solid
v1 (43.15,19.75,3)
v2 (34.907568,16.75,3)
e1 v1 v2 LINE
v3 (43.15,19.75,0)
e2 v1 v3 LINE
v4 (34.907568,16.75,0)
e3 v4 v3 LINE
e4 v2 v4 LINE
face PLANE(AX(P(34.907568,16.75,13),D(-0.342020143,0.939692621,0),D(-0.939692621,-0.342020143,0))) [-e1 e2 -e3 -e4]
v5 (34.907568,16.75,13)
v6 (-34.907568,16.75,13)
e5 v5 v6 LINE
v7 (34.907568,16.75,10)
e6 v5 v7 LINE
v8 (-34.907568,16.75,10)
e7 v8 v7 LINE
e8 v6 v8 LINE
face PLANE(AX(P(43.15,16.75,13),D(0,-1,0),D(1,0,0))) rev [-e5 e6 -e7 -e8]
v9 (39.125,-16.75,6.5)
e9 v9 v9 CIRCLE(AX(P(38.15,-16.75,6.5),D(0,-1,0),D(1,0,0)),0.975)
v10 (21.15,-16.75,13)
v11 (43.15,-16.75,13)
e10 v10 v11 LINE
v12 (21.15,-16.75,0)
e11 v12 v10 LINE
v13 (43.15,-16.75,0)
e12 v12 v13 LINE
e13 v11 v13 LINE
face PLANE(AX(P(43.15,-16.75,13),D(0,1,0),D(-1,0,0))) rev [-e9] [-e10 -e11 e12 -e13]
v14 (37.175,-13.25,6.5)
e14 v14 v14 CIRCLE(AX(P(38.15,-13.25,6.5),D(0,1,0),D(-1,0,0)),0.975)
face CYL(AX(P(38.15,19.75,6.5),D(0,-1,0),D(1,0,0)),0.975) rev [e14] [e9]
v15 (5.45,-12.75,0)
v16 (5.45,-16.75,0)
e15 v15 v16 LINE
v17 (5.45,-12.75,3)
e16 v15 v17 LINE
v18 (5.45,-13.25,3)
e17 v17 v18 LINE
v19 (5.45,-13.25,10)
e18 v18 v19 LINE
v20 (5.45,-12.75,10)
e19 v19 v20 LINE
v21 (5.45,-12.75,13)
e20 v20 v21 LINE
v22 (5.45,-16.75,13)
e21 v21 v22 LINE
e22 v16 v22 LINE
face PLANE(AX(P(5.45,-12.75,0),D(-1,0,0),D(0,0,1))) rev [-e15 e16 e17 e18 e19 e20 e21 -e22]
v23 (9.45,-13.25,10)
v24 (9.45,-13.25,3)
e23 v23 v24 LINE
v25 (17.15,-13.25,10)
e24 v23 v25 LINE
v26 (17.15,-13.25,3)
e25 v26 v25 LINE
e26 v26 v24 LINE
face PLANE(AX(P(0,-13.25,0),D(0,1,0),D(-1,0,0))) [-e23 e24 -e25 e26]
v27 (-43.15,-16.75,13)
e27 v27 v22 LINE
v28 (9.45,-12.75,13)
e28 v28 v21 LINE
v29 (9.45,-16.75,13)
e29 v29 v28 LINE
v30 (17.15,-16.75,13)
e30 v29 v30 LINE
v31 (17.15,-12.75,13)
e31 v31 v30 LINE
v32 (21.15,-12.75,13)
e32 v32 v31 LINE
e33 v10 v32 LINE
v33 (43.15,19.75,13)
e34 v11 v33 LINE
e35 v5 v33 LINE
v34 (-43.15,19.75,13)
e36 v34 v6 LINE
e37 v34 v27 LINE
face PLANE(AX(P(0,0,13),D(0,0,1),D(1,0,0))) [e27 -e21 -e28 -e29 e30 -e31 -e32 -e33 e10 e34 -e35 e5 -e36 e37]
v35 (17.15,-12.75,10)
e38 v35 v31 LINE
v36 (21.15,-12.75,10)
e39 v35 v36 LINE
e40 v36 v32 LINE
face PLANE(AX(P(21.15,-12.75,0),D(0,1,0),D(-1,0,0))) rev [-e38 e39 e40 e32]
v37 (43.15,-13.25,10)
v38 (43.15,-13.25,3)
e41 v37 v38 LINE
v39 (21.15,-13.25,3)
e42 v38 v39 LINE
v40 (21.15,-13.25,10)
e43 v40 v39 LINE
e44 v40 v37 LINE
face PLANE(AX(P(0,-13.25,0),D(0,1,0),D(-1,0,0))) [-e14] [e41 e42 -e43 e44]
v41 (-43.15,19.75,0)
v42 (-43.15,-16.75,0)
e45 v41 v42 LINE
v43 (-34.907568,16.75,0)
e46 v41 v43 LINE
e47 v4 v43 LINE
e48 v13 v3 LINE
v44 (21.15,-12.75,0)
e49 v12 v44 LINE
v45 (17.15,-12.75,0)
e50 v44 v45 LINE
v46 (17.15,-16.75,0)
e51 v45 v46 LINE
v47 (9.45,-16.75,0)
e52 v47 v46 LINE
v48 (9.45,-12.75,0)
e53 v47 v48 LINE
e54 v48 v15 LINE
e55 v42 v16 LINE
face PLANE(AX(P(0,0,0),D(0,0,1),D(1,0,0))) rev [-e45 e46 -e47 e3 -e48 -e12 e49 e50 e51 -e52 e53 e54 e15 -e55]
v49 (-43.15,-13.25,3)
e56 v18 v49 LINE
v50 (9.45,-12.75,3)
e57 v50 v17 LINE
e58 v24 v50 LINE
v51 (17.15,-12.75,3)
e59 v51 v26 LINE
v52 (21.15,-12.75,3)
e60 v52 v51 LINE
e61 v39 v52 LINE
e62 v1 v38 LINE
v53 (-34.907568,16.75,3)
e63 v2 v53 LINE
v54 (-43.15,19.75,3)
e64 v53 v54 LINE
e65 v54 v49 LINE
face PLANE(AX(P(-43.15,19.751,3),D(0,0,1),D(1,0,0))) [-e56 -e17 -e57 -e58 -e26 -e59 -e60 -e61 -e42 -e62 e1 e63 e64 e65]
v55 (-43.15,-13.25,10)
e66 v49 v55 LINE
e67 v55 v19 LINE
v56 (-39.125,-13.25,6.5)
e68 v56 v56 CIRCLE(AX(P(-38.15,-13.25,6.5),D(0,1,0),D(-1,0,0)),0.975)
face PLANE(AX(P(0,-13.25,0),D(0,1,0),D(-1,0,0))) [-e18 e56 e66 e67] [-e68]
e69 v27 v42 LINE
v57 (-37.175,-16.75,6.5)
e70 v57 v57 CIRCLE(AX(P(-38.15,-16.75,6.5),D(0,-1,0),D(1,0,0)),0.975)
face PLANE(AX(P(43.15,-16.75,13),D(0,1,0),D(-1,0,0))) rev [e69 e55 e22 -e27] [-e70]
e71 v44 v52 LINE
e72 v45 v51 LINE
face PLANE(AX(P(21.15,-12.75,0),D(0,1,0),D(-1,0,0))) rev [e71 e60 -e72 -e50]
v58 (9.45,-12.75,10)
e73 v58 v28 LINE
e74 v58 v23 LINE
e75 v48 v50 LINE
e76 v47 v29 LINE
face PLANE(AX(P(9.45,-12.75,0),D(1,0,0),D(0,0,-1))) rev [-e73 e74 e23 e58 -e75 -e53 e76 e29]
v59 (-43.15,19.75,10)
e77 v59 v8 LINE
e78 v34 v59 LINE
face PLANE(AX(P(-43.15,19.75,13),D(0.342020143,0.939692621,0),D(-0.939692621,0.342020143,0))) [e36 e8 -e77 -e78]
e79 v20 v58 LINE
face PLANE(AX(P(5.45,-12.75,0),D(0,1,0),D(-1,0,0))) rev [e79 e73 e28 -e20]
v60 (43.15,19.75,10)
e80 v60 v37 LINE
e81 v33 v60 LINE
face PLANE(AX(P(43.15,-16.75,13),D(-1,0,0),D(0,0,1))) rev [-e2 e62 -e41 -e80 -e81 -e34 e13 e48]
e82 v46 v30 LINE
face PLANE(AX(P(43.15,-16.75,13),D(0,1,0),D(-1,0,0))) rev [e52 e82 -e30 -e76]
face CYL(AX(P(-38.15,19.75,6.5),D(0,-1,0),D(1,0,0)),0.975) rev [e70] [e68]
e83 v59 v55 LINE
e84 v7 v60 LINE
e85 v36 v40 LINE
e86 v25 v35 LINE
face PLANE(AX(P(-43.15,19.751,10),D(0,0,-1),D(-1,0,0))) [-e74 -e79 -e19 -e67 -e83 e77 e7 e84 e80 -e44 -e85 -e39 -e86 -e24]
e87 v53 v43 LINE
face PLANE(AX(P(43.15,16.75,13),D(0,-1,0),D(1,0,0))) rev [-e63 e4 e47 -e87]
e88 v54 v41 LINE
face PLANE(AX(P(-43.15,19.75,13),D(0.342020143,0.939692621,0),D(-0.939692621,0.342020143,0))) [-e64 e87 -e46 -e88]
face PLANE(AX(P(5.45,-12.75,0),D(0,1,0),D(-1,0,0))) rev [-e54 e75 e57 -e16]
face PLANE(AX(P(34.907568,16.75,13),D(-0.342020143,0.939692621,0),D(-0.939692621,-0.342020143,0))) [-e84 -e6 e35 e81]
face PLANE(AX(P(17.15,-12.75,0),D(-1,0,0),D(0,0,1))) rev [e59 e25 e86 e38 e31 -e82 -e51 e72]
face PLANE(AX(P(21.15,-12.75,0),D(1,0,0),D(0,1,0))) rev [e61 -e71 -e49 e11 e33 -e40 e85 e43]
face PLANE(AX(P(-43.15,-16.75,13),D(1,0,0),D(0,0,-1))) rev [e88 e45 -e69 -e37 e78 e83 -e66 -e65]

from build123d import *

# Parameters (mm, degrees)
SKETCH_1_W          = 86.3
SKETCH_1_H          = 33.5
EXTRUDE_1_DEPTH     = 13
EXTRUDE_2_DEPTH     = 13
SKETCH_7_W          = 86.3
SKETCH_7_H          = 7
CUT_EXTRUDE_3_DEPTH = 3
SKETCH_8_W          = 86.3
SKETCH_8_H          = 7
CUT_EXTRUDE_4_DEPTH = 30
SKETCH_9_R          = 0.975
CUT_EXTRUDE_5_DEPTH = 58.992865941
SKETCH_10_W         = 4
SKETCH_10_H         = 4
CUT_EXTRUDE_6_DEPTH = 50.203505973


with BuildPart() as part:
    # ｽｹｯﾁ1 → ﾎﾞｽ - 押し出し1 (new body)
    with BuildSketch(Plane.XY):
        Rectangle(SKETCH_1_W, SKETCH_1_H)
    extrude(amount=EXTRUDE_1_DEPTH)

    # ｽｹｯﾁ3 → ﾎﾞｽ - 押し出し2 (add)
    with BuildSketch(Plane(origin=(0, 0, 0), x_dir=(-1, 0, 0), z_dir=(0, 0, -1))):
        Polygon((-43.15, 16.75), (-43.15, 19.75), (-34.907567742, 16.75), align=None)
        Polygon((43.15, 16.75), (43.15, 19.75), (34.907567742, 16.75), align=None)
    extrude(amount=-EXTRUDE_2_DEPTH)

    # ｽｹｯﾁ7 → ｶｯﾄ - 押し出し3 (cut)
    with BuildSketch(Plane(origin=(0, 16.75, 0), x_dir=(1, 0, 0), z_dir=(0, 1, 0))):
        with Locations((0, -6.5)):
            Rectangle(SKETCH_7_W, SKETCH_7_H)
    extrude(amount=CUT_EXTRUDE_3_DEPTH, mode=Mode.SUBTRACT)

    # ｽｹｯﾁ8 → ｶｯﾄ - 押し出し4 (cut)
    with BuildSketch(Plane(origin=(0, 16.75, 0), x_dir=(1, 0, 0), z_dir=(0, 1, 0))):
        with Locations((0, -6.5)):
            Rectangle(SKETCH_8_W, SKETCH_8_H)
    extrude(amount=-CUT_EXTRUDE_4_DEPTH, mode=Mode.SUBTRACT)

    # ｽｹｯﾁ9 → ｶｯﾄ - 押し出し5 (cut, through all)
    with BuildSketch(Plane.XZ.offset(16.75)):
        with Locations((-38.15, 6.5)):
            Circle(SKETCH_9_R)
        with Locations((38.15, 6.5)):
            Circle(SKETCH_9_R)
    extrude(amount=-CUT_EXTRUDE_5_DEPTH, mode=Mode.SUBTRACT)

    # ｽｹｯﾁ10 → ｶｯﾄ - 押し出し6 (cut, through all)
    with BuildSketch(Plane.XY.offset(13)):
        with Locations((7.45, -14.75)):
            Rectangle(SKETCH_10_W, SKETCH_10_H)
        with Locations((19.15, -14.75)):
            Rectangle(SKETCH_10_W, SKETCH_10_H)
    extrude(amount=-CUT_EXTRUDE_6_DEPTH, mode=Mode.SUBTRACT)


solid = part.part
